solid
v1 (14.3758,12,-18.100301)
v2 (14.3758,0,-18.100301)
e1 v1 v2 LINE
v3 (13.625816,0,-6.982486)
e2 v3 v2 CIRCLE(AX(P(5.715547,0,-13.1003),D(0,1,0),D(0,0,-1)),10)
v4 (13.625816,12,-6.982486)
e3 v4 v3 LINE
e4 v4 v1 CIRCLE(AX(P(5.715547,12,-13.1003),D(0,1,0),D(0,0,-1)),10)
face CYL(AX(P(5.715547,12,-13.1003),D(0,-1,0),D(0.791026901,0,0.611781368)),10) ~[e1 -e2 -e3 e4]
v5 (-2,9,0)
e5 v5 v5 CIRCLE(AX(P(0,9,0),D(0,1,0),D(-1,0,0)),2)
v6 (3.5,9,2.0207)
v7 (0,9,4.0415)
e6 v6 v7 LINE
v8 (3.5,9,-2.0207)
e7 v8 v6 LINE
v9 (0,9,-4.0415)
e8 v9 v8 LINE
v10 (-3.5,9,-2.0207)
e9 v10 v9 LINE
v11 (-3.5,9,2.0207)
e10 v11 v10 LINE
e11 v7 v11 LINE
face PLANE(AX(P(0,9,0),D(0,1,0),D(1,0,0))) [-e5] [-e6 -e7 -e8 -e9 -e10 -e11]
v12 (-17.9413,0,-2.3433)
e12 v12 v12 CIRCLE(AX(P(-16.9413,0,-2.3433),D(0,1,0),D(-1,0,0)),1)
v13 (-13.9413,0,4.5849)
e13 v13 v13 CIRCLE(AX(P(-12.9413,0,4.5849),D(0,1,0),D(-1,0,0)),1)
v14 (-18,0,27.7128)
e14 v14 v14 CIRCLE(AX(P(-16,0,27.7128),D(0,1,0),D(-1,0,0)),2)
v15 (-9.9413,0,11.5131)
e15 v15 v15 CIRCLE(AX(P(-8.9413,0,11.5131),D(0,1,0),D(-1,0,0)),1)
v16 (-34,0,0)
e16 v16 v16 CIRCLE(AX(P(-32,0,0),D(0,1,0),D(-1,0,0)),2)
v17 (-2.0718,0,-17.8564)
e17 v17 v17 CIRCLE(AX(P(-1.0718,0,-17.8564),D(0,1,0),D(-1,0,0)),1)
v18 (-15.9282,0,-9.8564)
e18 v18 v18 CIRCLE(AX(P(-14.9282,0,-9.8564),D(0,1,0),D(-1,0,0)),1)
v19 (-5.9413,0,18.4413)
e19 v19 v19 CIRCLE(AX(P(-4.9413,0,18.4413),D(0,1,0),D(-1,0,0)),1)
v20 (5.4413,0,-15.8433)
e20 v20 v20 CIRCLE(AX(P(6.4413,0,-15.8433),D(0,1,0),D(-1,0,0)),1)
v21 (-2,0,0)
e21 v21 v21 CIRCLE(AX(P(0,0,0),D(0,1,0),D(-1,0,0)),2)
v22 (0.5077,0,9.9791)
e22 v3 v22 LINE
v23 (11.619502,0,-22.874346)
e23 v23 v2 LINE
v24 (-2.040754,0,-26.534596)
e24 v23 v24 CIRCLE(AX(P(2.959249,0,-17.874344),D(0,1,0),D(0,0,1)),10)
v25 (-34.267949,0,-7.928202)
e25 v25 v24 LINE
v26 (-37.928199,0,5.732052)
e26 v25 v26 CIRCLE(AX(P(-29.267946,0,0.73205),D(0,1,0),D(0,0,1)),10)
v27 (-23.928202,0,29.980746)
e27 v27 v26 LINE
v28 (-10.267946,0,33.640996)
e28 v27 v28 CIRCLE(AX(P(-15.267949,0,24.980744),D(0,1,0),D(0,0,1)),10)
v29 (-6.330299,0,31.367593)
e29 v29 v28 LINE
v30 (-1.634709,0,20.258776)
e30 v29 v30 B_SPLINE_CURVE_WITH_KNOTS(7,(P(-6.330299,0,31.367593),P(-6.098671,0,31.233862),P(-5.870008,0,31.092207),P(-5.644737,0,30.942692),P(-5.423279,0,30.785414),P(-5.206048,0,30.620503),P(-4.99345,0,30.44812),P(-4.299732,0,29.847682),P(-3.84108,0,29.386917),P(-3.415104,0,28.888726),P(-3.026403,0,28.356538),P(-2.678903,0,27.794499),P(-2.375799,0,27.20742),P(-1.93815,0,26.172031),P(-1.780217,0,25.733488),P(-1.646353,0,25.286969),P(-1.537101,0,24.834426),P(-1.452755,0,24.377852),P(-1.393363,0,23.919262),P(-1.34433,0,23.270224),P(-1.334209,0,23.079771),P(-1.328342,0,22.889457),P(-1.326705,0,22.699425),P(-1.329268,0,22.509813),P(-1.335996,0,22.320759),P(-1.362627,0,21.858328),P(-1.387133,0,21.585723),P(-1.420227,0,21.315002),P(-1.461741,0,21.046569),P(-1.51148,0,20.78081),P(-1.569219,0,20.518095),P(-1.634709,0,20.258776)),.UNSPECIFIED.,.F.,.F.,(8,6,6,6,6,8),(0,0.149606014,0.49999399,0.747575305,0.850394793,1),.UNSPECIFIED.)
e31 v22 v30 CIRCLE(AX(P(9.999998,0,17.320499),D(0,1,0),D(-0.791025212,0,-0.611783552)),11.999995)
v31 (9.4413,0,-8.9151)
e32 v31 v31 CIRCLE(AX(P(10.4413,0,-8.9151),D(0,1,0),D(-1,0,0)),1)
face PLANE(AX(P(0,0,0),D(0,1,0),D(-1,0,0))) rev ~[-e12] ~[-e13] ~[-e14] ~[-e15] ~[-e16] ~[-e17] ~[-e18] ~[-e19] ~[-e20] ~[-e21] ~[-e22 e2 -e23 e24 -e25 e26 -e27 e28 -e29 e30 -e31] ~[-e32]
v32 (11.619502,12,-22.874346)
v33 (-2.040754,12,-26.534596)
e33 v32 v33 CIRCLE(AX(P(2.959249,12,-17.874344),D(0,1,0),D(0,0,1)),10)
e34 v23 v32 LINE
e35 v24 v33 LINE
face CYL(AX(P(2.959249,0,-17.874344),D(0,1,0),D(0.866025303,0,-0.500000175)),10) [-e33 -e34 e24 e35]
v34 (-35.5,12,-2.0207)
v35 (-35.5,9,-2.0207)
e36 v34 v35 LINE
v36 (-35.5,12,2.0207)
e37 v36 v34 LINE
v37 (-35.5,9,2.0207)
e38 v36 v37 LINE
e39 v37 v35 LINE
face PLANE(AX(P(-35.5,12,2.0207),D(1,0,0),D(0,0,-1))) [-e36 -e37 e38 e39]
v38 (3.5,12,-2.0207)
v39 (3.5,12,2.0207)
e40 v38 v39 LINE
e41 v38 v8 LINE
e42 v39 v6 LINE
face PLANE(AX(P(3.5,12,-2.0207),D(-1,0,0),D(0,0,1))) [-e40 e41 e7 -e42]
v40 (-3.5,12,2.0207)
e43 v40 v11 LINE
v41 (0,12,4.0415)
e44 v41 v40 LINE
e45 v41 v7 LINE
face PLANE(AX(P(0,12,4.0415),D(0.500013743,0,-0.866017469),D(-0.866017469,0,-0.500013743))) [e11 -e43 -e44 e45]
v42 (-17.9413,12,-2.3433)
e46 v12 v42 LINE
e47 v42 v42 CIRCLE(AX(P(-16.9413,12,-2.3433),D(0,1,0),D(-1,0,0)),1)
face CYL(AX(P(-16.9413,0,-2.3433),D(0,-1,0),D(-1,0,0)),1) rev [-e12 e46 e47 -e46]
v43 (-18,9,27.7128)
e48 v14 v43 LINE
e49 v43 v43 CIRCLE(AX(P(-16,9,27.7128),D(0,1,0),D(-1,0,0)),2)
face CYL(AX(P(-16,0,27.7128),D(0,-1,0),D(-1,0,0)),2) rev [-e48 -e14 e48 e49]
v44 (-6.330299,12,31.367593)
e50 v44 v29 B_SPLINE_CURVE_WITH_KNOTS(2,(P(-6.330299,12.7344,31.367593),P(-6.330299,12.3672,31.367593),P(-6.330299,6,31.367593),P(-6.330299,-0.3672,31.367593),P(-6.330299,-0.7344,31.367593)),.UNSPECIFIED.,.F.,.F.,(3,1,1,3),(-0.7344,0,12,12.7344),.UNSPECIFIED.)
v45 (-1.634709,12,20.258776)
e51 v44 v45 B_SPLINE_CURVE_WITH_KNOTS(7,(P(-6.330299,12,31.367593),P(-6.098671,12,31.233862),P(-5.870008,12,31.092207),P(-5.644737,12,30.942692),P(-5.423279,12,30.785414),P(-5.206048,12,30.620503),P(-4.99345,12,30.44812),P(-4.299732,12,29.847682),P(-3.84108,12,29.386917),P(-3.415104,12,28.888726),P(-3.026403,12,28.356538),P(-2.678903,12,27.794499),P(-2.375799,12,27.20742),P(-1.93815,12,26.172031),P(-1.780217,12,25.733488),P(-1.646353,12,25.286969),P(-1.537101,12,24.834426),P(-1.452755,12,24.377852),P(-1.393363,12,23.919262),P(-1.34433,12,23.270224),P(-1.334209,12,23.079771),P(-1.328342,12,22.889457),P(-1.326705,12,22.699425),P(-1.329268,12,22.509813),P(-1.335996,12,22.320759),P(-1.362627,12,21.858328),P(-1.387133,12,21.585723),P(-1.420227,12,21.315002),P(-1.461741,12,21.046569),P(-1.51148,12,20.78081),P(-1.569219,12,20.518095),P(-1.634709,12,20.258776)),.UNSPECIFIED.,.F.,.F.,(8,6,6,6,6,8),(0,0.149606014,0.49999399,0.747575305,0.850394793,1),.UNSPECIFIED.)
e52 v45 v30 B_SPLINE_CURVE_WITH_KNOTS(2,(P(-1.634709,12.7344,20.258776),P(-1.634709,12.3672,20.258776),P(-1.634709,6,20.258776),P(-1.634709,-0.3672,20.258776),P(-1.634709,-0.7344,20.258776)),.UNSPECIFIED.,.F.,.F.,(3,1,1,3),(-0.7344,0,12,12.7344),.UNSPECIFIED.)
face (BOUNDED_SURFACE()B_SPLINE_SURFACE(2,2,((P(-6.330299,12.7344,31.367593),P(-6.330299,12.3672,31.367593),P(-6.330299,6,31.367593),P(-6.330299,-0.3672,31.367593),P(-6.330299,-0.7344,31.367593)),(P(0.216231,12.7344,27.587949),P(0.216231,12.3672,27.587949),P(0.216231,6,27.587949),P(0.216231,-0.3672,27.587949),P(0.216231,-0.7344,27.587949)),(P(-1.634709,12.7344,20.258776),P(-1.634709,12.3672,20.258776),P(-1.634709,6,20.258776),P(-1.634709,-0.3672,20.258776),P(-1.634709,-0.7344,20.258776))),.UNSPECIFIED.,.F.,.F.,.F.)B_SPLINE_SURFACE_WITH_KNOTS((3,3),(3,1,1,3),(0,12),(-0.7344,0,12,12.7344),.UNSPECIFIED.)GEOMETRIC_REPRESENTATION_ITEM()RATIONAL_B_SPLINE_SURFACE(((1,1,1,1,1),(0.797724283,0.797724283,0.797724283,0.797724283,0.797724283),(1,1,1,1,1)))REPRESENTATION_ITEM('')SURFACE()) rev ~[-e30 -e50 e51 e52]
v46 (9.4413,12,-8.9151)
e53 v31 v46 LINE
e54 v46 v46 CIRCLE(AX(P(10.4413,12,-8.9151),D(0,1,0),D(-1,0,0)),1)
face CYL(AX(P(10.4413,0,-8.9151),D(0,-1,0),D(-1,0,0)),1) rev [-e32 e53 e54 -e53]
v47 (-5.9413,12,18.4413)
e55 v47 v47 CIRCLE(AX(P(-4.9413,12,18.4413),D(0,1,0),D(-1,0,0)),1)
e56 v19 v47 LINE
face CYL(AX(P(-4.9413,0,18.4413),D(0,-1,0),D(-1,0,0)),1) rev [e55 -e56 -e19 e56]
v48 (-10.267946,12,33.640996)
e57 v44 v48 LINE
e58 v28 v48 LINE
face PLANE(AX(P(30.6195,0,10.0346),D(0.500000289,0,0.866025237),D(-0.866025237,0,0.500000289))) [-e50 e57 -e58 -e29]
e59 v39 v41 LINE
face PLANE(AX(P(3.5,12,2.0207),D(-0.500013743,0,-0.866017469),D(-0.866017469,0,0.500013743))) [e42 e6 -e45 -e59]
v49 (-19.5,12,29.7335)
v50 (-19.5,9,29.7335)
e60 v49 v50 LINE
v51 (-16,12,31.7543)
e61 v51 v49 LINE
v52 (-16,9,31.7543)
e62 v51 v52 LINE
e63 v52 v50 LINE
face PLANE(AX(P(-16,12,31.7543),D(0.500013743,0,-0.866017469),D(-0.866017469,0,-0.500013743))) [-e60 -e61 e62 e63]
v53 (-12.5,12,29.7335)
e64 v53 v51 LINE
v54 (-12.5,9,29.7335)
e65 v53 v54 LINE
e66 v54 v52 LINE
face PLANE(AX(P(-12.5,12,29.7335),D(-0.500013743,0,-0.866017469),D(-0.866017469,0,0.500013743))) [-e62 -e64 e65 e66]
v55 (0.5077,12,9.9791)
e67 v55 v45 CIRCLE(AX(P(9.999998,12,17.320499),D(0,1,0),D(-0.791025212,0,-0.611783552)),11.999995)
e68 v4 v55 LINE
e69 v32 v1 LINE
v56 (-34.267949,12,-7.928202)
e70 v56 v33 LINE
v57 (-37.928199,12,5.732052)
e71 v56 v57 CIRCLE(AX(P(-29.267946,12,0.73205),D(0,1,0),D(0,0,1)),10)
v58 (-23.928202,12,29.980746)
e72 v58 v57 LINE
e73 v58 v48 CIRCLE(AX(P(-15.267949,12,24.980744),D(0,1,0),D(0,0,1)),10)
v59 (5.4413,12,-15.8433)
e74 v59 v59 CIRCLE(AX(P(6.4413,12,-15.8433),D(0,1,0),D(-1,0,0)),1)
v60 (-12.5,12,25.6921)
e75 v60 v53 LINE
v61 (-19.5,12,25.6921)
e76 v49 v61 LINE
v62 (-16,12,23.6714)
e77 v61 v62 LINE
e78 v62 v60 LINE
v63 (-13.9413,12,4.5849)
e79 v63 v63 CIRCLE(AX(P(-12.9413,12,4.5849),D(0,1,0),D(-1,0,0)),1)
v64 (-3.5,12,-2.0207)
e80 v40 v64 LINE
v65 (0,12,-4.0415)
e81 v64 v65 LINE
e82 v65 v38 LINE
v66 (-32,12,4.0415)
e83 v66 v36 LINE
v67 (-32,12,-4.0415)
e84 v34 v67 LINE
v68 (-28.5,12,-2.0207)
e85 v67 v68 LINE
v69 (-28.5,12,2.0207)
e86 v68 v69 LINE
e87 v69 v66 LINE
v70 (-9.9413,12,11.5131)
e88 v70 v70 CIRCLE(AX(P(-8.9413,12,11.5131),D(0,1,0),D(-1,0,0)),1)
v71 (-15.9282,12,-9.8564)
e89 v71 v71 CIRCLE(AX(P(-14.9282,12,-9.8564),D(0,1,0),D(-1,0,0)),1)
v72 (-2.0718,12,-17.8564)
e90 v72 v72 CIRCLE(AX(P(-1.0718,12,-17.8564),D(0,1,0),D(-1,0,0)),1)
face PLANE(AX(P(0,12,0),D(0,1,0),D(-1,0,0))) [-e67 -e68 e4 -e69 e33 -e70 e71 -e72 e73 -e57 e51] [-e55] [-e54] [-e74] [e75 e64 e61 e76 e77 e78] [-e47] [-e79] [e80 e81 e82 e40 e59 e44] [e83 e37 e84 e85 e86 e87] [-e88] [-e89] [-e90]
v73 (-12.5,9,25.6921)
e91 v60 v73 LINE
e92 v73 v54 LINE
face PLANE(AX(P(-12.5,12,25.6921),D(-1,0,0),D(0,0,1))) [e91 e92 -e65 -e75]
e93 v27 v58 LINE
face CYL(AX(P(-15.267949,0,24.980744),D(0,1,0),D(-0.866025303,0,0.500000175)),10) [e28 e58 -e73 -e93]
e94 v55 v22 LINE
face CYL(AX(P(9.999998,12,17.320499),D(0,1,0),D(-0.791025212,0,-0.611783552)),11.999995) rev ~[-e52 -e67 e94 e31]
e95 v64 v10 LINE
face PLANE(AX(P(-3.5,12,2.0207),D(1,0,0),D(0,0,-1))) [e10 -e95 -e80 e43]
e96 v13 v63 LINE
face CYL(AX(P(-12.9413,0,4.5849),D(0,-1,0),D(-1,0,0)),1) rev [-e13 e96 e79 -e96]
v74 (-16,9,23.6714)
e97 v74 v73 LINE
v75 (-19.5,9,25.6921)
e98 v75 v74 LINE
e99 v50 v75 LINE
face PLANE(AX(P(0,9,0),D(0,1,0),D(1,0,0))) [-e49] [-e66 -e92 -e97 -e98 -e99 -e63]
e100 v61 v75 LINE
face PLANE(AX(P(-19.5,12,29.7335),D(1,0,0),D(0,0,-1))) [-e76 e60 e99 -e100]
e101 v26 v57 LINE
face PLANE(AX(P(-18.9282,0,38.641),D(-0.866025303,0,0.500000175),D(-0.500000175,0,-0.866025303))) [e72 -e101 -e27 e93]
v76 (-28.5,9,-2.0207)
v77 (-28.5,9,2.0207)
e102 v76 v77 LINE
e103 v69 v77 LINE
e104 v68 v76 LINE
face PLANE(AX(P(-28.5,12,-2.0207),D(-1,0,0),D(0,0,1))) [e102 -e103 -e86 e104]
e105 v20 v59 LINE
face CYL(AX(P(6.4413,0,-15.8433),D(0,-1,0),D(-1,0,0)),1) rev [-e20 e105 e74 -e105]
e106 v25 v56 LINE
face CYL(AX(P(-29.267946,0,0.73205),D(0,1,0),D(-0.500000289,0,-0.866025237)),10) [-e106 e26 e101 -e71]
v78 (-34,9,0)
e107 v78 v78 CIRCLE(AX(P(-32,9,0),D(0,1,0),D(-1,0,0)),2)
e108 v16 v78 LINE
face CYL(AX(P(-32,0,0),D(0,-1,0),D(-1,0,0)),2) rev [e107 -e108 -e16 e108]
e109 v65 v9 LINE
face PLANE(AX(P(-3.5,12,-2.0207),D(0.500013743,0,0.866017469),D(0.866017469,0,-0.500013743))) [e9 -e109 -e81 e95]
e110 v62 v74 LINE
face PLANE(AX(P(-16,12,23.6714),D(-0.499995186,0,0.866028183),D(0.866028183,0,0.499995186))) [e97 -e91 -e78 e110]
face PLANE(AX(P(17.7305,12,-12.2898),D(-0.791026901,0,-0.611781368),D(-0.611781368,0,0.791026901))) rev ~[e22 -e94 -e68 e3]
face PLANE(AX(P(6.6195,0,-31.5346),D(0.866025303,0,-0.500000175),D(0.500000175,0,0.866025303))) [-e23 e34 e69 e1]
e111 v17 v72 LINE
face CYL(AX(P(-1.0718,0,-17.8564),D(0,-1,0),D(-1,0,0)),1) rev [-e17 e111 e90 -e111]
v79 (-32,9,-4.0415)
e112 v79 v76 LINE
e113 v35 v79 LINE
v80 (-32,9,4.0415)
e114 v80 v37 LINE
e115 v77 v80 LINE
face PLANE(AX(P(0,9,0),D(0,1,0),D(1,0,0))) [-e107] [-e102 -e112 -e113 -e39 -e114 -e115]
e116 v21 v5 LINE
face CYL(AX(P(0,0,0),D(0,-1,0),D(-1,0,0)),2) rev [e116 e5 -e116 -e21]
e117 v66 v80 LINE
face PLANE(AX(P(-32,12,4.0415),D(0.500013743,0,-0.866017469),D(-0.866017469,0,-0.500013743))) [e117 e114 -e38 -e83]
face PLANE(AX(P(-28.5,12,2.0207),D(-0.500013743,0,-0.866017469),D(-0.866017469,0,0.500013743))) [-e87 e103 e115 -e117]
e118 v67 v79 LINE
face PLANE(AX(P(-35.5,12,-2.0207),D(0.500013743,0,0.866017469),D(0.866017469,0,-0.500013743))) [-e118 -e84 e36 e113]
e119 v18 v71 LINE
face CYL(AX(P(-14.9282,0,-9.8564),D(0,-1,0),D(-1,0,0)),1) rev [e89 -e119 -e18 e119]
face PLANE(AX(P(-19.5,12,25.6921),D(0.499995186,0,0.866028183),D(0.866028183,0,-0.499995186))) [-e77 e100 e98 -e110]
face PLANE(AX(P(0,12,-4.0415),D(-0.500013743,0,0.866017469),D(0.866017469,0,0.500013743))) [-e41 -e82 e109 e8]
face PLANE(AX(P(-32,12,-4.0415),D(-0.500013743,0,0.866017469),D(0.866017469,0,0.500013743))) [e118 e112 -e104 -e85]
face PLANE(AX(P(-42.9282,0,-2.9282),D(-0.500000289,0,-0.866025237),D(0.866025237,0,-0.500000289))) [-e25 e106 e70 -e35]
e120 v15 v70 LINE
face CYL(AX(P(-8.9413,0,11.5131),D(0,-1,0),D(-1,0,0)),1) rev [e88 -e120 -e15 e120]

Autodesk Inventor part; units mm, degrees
ref_plane "YZ Plane" through (0, 0, 0) normal (1, 0, 0) x (0, 1, 0)
ref_plane "XZ Plane" through (0, 0, 0) normal (0, 1, 0) x (-1, 0, 0)
ref_plane "XY Plane" through (0, 0, 0) normal (0, 0, 1) x (1, 0, 0)
sketch "Esquisse1" plane through (0, 0, 0) normal (0, 1, 0) x (-1, 0, 0)
  line L0 (0, 0) -> (32, 0) construction
  line L1 (32, 0) -> (16, 27.7128) construction
  line L2 (16, 27.7128) -> (0, 0) construction
  line L3 (-10.3913, 17.9982) -> (9.0252, -15.6322) construction
  line L4 (8, -13.8564) -> (32, 0) construction
  line L5 (8, -13.8564) -> (14.9282, -9.8564) construction
  line L6 (8, -13.8564) -> (-10, 17.3205) construction
  line L7 (-10, 17.3205) -> (1.6913, 24.0705) construction
  line L8 (1.6913, 24.0705) -> (4.9413, 18.4413) construction
  line L9 (4.9413, 18.4413) -> (8.9413, 11.5131) construction
  line L10 (8.9413, 11.5131) -> (12.9413, 4.5849) construction
  line L11 (12.9413, 4.5849) -> (16.9413, -2.3433) construction
  circle A0 centre (8.9413, 11.5131) radius 1
  circle A1 centre (12.9413, 4.5849) radius 1
  circle A2 centre (16.9413, -2.3433) radius 1
  circle A3 centre (14.9282, -9.8564) radius 1
  circle A4 centre (4.9413, 18.4413) radius 1
  circle A5 centre (-14.4413, -1.9869) radius 1 construction
  circle A6 centre (-10.4413, -8.9151) radius 1
  circle A7 centre (-6.4413, -15.8433) radius 1
  circle A8 centre (1.0718, -17.8564) radius 1
  circle A9 centre (-18.4413, 4.9413) radius 1 construction
  circle A10 centre (-10, 17.3205) radius 11.6 construction
  line L12 (32, 0) -> (36, -6.9282) construction
  line L13 (36.0415, 0) -> (34.0207, -3.5) construction
  line L14 (34.0207, -3.5) -> (29.9793, -3.5) construction
  line L15 (29.9793, -3.5) -> (27.9585, 0) construction
  line L16 (27.9585, 0) -> (29.9793, 3.5) construction
  line L17 (29.9793, 3.5) -> (34.0207, 3.5) construction
  line L18 (34.0207, 3.5) -> (36.0415, 0) construction
  line L19 (34.0207, 3.5) -> (34.0207, -3.5) construction
  circle A11 centre (16, 27.7128) radius 2
  circle A12 centre (32, 0) radius 2
  line L20 (32, 0) -> (38.9282, 4) construction
  line L21 (-6.4413, -15.8433) -> (-13.3695, -19.8433) construction
  line L22 (42.9282, -2.9282) -> (-6.6195, -31.5346)
  line L23 (-6.6195, -31.5346) -> (-30.6195, 10.0346)
  line L24 (-30.6195, 10.0346) -> (18.9282, 38.641)
  line L25 (18.9282, 38.641) -> (42.9282, -2.9282)
  line L26 (8, -13.8564) -> (12, -20.7846) construction
  line L27 (16, 27.7128) -> (12, 34.641) construction
  circle A13 centre (0, 0) radius 2
  dimension "d0" = 32
  dimension "d1" = 32
  dimension "d2" = 60
  dimension "d4" = 8
  dimension "d6" = 36
  dimension "d7" = 13.5
  dimension "d8" = 6.5
  dimension "d9" = 8
  dimension "d10" = 8
  dimension "d11" = 8
  dimension "d13" = 2
  dimension "d14" = 11.6
  dimension "d15" = 8
  dimension "d16" = 7
  dimension "d17" = 4
  dimension "d19" = 8
  dimension "d20" = 8
  dimension "d26" = 8
  dimension "d27" = 8
extrude "Extrusion4" add sketch "Esquisse1" along normal blind 12
sketch "Esquisse7" plane through (0, 12, 0) normal (0, 1, 0) x (1, 0, 0)
  circle A0 centre (10.4413, 8.9151) radius 1 projected
  circle A1 centre (-4.9413, -18.4413) radius 1 projected
  line L0 (-18.9282, -38.641) -> (30.6195, -10.0346) projected
  line L1 (30.6195, -10.0346) -> (6.6195, 31.5346) projected
  line L2 (-4.9413, -18.4413) -> (-1.6913, -24.0705) construction
  line L3 (-1.6913, -24.0705) -> (10, -17.3205) construction
  circle A2 centre (10, -17.3205) radius 12 construction
  line L4 (10.4413, 8.9151) -> (12.4413, 5.451) construction
  line L5 (-0.3923, -23.3205) -> (1.6077, -26.7846)
  line L6 (17.7305, 12.2898) -> (0.5077, -9.9791)
  arc A3 (0.5077, -9.9791) -> (-0.3923, -23.3205) centre (10, -17.3205) ccw
  dimension "d54" = 6.5
  dimension "d55" = 13.5
  dimension "d56" = 24
  dimension "d57" = 4
extrude "Extrusion5" cut sketch "Esquisse7" against normal through all contours L5 A3 L6 L1 L0
fillet "Congé8" radius 10 1 edges at (1.6077, 6, 26.7846)
fillet "Congé9" radius 10 1 edges at (17.7305, 6, -12.2898)
fillet "Congé10" radius 10 1 edges at (6.6195, 6, -31.5346)
fillet "Congé11" radius 10 1 edges at (-42.9282, 6, -2.9282)
fillet "Congé12" radius 10 1 edges at (-18.9282, 6, 38.641)
sketch "Esquisse8" plane through (0, 12, 0) normal (0, 1, 0) x (1, 0, 0)
  circle A0 centre (0, 0) radius 2 projected
  circle A1 centre (-32, 0) radius 2 projected
  circle A2 centre (-16, -27.7128) radius 2 projected
  circle A3 centre (6.4413, 15.8433) radius 1 projected
  circle A4 centre (10.4413, 8.9151) radius 1 projected
  line L0 (-2.0407, 26.5346) -> (-34.2679, 7.9282) projected
  line L1 (-28.5, 2.0207) -> (-28.5, -2.0207)
  line L2 (-28.5, -2.0207) -> (-32, -4.0415)
  line L3 (-32, -4.0415) -> (-35.5, -2.0207)
  line L4 (-35.5, -2.0207) -> (-35.5, 2.0207)
  line L5 (-35.5, 2.0207) -> (-32, 4.0415)
  line L6 (-32, 4.0415) -> (-28.5, 2.0207)
  line L7 (-19.5, -25.6921) -> (-16, -23.6714)
  line L8 (-16, -23.6714) -> (-12.5, -25.6921)
  line L9 (-12.5, -25.6921) -> (-12.5, -29.7335)
  line L10 (-12.5, -29.7335) -> (-16, -31.7543)
  line L11 (-16, -31.7543) -> (-19.5, -29.7335)
  line L12 (-19.5, -29.7335) -> (-19.5, -25.6921)
  line L13 (-32, 4.0415) -> (-28.5, -2.0207) construction
  line L14 (0, 4.0415) -> (3.5, 2.0207)
  line L15 (3.5, 2.0207) -> (3.5, -2.0207)
  line L16 (3.5, -2.0207) -> (0, -4.0415)
  line L17 (0, -4.0415) -> (-3.5, -2.0207)
  line L18 (-3.5, -2.0207) -> (-3.5, 2.0207)
  line L19 (-3.5, 2.0207) -> (0, 4.0415)
  dimension "d66" = 7
extrude "Extrusion6" cut sketch "Esquisse8" against normal blind 3 contours L1 L2 L3 L4 L5 L6 | L7 L8 L9 L10 L11 L12 | L14 L15 L16 L17 L18 L19
properties part number "joint3+ax12imprint_v2"
